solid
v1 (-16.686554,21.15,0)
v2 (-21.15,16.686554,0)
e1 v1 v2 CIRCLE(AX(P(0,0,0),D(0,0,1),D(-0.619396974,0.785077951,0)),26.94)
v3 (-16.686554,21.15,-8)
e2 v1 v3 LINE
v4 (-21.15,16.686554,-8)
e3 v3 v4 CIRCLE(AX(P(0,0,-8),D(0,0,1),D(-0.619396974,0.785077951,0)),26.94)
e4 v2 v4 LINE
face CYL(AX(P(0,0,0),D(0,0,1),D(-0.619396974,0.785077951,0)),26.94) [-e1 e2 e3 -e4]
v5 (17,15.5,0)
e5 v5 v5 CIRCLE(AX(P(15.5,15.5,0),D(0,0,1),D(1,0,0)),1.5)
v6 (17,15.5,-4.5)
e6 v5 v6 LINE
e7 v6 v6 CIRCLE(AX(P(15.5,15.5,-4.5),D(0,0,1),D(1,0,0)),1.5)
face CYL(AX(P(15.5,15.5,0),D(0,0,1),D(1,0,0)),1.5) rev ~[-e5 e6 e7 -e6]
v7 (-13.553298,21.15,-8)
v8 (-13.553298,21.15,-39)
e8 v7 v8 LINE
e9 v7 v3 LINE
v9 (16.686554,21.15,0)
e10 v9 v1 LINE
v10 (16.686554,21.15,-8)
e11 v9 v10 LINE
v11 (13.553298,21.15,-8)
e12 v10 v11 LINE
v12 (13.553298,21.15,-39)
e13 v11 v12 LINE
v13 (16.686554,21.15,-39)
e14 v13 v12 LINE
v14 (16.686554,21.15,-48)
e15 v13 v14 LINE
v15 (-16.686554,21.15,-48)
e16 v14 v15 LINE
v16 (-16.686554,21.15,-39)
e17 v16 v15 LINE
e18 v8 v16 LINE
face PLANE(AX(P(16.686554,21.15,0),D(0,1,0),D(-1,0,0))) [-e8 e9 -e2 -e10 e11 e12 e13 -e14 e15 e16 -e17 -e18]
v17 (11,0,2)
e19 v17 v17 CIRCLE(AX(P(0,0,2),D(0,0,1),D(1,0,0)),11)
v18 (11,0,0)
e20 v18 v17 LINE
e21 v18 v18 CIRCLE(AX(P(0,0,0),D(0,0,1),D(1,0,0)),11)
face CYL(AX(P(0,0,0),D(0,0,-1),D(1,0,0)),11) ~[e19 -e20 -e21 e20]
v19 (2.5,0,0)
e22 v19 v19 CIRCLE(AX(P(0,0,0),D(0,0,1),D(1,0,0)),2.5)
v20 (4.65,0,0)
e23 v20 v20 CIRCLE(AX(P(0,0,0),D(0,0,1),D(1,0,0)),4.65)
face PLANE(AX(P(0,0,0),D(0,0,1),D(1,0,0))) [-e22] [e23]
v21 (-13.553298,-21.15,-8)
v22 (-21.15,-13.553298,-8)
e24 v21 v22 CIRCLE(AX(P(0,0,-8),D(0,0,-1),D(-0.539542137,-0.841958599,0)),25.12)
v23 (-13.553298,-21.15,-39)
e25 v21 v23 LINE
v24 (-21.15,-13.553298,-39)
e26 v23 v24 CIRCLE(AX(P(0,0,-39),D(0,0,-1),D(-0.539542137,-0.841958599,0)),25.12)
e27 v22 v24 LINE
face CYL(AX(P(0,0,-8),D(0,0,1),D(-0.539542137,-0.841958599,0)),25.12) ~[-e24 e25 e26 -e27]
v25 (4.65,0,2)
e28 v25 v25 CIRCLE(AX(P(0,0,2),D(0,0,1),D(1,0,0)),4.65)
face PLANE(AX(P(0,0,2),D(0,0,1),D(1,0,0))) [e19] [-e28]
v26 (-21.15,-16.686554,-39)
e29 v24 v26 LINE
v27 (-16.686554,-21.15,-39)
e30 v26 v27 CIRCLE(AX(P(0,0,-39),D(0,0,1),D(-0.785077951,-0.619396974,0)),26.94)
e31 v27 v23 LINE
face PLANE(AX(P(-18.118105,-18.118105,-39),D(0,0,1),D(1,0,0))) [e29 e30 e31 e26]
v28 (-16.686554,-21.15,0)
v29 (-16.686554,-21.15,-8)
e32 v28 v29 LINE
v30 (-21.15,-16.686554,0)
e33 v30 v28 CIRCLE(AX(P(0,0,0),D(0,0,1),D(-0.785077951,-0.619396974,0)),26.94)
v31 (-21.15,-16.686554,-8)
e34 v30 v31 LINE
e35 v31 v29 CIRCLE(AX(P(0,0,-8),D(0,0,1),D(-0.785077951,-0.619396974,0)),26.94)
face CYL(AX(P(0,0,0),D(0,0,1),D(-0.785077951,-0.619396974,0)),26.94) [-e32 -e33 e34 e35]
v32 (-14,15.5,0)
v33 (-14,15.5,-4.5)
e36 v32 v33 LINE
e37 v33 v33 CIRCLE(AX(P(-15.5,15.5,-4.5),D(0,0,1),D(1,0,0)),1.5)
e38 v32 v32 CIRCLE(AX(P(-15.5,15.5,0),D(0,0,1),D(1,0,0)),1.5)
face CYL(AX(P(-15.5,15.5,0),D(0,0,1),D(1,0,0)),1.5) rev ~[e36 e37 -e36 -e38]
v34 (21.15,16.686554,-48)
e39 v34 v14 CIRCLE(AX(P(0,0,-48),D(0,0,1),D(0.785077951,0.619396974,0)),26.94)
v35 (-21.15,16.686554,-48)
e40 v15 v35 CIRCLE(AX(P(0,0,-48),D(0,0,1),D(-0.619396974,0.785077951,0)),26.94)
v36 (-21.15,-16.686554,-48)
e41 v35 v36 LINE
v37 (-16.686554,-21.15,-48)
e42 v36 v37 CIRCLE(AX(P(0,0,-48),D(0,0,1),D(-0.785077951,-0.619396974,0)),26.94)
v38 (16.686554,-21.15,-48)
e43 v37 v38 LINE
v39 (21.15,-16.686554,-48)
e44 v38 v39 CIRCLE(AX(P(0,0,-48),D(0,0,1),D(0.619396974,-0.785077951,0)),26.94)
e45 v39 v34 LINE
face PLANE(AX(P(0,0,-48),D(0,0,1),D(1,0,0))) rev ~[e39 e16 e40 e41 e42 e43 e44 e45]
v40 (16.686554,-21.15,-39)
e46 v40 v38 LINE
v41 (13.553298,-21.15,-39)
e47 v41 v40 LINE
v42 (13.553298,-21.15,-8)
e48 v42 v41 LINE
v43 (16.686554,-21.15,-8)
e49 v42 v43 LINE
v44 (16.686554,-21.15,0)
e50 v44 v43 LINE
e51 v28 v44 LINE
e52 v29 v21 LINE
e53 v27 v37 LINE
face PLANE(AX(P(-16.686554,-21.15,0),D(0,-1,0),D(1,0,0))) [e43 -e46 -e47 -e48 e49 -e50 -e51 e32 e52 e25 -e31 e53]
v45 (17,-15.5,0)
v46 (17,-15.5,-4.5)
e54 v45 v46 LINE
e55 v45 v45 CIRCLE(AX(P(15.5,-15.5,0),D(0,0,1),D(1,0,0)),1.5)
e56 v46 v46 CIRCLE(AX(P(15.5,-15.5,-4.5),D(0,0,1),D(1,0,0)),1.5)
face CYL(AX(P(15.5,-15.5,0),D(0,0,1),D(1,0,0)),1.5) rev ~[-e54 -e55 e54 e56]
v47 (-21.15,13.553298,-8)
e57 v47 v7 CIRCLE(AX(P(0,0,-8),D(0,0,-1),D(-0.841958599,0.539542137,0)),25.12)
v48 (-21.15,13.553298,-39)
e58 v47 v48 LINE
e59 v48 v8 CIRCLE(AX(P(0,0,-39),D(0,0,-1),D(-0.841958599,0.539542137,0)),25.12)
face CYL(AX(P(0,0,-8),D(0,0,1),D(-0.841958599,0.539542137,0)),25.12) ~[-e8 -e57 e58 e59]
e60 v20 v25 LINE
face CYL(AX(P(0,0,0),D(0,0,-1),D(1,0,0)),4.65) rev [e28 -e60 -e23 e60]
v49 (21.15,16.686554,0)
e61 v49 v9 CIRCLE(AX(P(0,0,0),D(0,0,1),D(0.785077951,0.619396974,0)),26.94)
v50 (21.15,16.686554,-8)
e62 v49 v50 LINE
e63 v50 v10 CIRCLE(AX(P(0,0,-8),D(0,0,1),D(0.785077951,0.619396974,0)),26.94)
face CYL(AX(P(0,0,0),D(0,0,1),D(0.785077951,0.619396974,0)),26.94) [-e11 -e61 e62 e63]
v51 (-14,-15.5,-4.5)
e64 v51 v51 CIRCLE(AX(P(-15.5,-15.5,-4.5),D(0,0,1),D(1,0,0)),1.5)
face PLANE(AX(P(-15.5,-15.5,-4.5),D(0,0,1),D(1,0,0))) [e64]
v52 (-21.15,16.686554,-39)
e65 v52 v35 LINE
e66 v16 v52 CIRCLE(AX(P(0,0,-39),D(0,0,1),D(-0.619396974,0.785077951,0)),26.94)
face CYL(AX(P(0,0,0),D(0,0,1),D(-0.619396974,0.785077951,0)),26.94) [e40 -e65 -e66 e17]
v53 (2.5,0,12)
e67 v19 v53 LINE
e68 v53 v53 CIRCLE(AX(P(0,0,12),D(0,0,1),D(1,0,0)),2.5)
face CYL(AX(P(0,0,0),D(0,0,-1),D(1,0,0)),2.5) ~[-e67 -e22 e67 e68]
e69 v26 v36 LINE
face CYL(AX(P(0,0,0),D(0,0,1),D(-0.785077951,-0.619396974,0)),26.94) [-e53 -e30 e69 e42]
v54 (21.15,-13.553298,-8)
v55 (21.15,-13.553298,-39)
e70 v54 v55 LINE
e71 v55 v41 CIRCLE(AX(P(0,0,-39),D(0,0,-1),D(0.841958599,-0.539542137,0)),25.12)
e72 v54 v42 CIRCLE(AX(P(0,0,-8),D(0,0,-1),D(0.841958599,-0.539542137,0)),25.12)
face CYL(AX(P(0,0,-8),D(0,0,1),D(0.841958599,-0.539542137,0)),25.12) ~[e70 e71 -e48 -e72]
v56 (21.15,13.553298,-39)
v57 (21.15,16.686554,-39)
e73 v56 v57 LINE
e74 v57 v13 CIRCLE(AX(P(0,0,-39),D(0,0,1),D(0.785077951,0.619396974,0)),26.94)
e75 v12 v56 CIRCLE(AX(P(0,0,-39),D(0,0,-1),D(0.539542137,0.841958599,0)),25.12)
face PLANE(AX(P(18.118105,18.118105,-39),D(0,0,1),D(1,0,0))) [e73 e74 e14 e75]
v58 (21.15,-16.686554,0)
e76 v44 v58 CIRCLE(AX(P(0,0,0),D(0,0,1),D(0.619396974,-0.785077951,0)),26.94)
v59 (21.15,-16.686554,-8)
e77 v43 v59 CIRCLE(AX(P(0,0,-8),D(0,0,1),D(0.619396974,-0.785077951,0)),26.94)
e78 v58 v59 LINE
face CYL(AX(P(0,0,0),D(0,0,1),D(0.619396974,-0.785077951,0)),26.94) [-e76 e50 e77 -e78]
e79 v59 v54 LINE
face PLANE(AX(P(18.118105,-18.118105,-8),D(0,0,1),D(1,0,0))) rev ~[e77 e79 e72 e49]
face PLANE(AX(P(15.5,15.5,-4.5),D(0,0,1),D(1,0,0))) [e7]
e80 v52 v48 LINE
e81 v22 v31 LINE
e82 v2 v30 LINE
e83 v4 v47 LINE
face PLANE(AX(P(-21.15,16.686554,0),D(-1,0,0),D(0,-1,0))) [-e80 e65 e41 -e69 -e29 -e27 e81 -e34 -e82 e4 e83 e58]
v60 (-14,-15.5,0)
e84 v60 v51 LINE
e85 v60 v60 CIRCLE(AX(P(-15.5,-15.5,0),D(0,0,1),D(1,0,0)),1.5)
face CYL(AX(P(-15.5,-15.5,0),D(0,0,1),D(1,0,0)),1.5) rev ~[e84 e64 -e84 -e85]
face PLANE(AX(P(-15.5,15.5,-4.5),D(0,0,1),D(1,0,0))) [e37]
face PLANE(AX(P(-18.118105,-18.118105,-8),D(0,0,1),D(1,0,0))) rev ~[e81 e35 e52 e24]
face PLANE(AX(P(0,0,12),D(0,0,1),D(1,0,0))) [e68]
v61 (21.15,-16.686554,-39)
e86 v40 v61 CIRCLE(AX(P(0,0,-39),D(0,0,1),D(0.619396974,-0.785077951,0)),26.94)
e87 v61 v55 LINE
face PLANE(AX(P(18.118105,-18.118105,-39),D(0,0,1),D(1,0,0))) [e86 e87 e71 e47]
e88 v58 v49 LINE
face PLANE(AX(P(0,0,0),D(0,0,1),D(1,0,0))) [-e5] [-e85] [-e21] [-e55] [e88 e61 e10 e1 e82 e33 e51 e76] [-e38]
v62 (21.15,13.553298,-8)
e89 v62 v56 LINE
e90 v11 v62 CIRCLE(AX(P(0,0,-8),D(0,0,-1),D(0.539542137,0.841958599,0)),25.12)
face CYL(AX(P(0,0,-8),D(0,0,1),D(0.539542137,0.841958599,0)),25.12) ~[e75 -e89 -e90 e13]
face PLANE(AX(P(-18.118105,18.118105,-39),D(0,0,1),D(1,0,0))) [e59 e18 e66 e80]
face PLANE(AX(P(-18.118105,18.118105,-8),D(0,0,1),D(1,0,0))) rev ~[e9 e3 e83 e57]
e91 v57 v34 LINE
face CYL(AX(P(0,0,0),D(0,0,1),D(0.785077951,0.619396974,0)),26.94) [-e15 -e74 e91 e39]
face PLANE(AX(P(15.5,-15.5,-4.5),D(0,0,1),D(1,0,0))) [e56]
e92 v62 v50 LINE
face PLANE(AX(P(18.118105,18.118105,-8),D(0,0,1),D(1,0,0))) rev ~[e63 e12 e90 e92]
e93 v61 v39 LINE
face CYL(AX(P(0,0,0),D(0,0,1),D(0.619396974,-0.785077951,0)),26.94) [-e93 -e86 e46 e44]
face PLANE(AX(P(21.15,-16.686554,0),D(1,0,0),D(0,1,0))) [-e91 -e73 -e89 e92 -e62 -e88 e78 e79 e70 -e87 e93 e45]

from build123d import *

# Parameters (mm, degrees)
F0_R     = 1.5
F0_R_2   = 11
F0_R_3   = 4.65
F0_R_4   = 2.5
F1_DEPTH = 48
F2_START = -8
F2_DEPTH = 31
F3_DEPTH = 2
F4_DEPTH = 12
F5_DEPTH = 4.5


with BuildPart() as f1:
    # F0 (on Top) → F1 (new body)
    with BuildSketch(Plane.XY):
        with BuildLine():
            Line((-13.5532984915, -21.15), (13.5532984915, -21.15))
            ThreePointArc((13.5532984915, -21.15), (17.7625223434, -17.7625223434), (21.15, -13.5532984915))
            Line((21.15, -13.5532984915), (21.15, 13.5532984915))
            ThreePointArc((21.15, 13.5532984915), (17.7625223434, 17.7625223434), (13.5532984915, 21.15))
            Line((13.5532984915, 21.15), (-13.5532984915, 21.15))
            ThreePointArc((-13.5532984915, 21.15), (-17.7625223434, 17.7625223434), (-21.15, 13.5532984915))
            Line((-21.15, 13.5532984915), (-21.15, -13.5532984915))
            ThreePointArc((-21.15, -13.5532984915), (-17.7625223434, -17.7625223434), (-13.5532984915, -21.15))
        make_face()
        with Locations((-15.5, -15.5)):
            Circle(F0_R, mode=Mode.SUBTRACT)
        with Locations((15.5, -15.5)):
            Circle(F0_R, mode=Mode.SUBTRACT)
        with Locations((-15.5, 15.5)):
            Circle(F0_R, mode=Mode.SUBTRACT)
        Circle(F0_R_2, mode=Mode.SUBTRACT)
        with Locations((15.5, 15.5)):
            Circle(F0_R, mode=Mode.SUBTRACT)
        Circle(F0_R_2)
        Circle(F0_R_3, mode=Mode.SUBTRACT)
        with Locations((-15.5, 15.5)):
            Circle(F0_R)
        with Locations((15.5, 15.5)):
            Circle(F0_R)
        with Locations((15.5, -15.5)):
            Circle(F0_R)
        with Locations((-15.5, -15.5)):
            Circle(F0_R)
        Circle(F0_R_3)
        Circle(F0_R_4, mode=Mode.SUBTRACT)
        Circle(F0_R_4)
        with BuildLine():
            ThreePointArc((13.5532984915, 21.15), (17.7625223434, 17.7625223434), (21.15, 13.5532984915))
            Line((21.15, 13.5532984915), (21.15, 16.6865544676))
            ThreePointArc((21.15, 16.6865544676), (19.0494566852, 19.0494566852), (16.6865544676, 21.15))
            Line((16.6865544676, 21.15), (13.5532984915, 21.15))
        make_face()
        with BuildLine():
            ThreePointArc((-16.6865544676, 21.15), (-19.0494566852, 19.0494566852), (-21.15, 16.6865544676))
            Line((-21.15, 16.6865544676), (-21.15, 13.5532984915))
            ThreePointArc((-21.15, 13.5532984915), (-17.7625223434, 17.7625223434), (-13.5532984915, 21.15))
            Line((-13.5532984915, 21.15), (-16.6865544676, 21.15))
        make_face()
        with BuildLine():
            ThreePointArc((-21.15, -16.6865544676), (-19.0494566852, -19.0494566852), (-16.6865544676, -21.15))
            Line((-16.6865544676, -21.15), (-13.5532984915, -21.15))
            ThreePointArc((-13.5532984915, -21.15), (-17.7625223434, -17.7625223434), (-21.15, -13.5532984915))
            Line((-21.15, -13.5532984915), (-21.15, -16.6865544676))
        make_face()
        with BuildLine():
            Line((13.5532984915, -21.15), (16.6865544676, -21.15))
            ThreePointArc((16.6865544676, -21.15), (19.0494566852, -19.0494566852), (21.15, -16.6865544676))
            Line((21.15, -16.6865544676), (21.15, -13.5532984915))
            ThreePointArc((21.15, -13.5532984915), (17.7625223434, -17.7625223434), (13.5532984915, -21.15))
        make_face()
    extrude(amount=-F1_DEPTH)

    # F0 (on Top) → F2 (cut)
    with BuildSketch(Plane.XY.offset(F2_START)):
        with BuildLine():
            ThreePointArc((-16.6865544676, 21.15), (-19.0494566852, 19.0494566852), (-21.15, 16.6865544676))
            Line((-21.15, 16.6865544676), (-21.15, 13.5532984915))
            ThreePointArc((-21.15, 13.5532984915), (-17.7625223434, 17.7625223434), (-13.5532984915, 21.15))
            Line((-13.5532984915, 21.15), (-16.6865544676, 21.15))
        make_face()
        with BuildLine():
            ThreePointArc((-21.15, -16.6865544676), (-19.0494566852, -19.0494566852), (-16.6865544676, -21.15))
            Line((-16.6865544676, -21.15), (-13.5532984915, -21.15))
            ThreePointArc((-13.5532984915, -21.15), (-17.7625223434, -17.7625223434), (-21.15, -13.5532984915))
            Line((-21.15, -13.5532984915), (-21.15, -16.6865544676))
        make_face()
        with BuildLine():
            ThreePointArc((13.5532984915, 21.15), (17.7625223434, 17.7625223434), (21.15, 13.5532984915))
            Line((21.15, 13.5532984915), (21.15, 16.6865544676))
            ThreePointArc((21.15, 16.6865544676), (19.0494566852, 19.0494566852), (16.6865544676, 21.15))
            Line((16.6865544676, 21.15), (13.5532984915, 21.15))
        make_face()
        with BuildLine():
            Line((13.5532984915, -21.15), (16.6865544676, -21.15))
            ThreePointArc((16.6865544676, -21.15), (19.0494566852, -19.0494566852), (21.15, -16.6865544676))
            Line((21.15, -16.6865544676), (21.15, -13.5532984915))
            ThreePointArc((21.15, -13.5532984915), (17.7625223434, -17.7625223434), (13.5532984915, -21.15))
        make_face()
    extrude(amount=-F2_DEPTH, mode=Mode.SUBTRACT)

    # F0 (on Top) → F3 (join)
    with BuildSketch(Plane.XY):
        Circle(F0_R_2)
        Circle(F0_R_3, mode=Mode.SUBTRACT)
    extrude(amount=F3_DEPTH)

    # F0 (on Top) → F4 (join)
    with BuildSketch(Plane.XY):
        Circle(F0_R_4)
    extrude(amount=F4_DEPTH)

    # F0 (on Top) → F5 (cut)
    with BuildSketch(Plane.XY):
        with Locations((-15.5, 15.5)):
            Circle(F0_R)
        with Locations((15.5, 15.5)):
            Circle(F0_R)
        with Locations((15.5, -15.5)):
            Circle(F0_R)
        with Locations((-15.5, -15.5)):
            Circle(F0_R)
    extrude(amount=-F5_DEPTH, mode=Mode.SUBTRACT)


solid = f1.part
